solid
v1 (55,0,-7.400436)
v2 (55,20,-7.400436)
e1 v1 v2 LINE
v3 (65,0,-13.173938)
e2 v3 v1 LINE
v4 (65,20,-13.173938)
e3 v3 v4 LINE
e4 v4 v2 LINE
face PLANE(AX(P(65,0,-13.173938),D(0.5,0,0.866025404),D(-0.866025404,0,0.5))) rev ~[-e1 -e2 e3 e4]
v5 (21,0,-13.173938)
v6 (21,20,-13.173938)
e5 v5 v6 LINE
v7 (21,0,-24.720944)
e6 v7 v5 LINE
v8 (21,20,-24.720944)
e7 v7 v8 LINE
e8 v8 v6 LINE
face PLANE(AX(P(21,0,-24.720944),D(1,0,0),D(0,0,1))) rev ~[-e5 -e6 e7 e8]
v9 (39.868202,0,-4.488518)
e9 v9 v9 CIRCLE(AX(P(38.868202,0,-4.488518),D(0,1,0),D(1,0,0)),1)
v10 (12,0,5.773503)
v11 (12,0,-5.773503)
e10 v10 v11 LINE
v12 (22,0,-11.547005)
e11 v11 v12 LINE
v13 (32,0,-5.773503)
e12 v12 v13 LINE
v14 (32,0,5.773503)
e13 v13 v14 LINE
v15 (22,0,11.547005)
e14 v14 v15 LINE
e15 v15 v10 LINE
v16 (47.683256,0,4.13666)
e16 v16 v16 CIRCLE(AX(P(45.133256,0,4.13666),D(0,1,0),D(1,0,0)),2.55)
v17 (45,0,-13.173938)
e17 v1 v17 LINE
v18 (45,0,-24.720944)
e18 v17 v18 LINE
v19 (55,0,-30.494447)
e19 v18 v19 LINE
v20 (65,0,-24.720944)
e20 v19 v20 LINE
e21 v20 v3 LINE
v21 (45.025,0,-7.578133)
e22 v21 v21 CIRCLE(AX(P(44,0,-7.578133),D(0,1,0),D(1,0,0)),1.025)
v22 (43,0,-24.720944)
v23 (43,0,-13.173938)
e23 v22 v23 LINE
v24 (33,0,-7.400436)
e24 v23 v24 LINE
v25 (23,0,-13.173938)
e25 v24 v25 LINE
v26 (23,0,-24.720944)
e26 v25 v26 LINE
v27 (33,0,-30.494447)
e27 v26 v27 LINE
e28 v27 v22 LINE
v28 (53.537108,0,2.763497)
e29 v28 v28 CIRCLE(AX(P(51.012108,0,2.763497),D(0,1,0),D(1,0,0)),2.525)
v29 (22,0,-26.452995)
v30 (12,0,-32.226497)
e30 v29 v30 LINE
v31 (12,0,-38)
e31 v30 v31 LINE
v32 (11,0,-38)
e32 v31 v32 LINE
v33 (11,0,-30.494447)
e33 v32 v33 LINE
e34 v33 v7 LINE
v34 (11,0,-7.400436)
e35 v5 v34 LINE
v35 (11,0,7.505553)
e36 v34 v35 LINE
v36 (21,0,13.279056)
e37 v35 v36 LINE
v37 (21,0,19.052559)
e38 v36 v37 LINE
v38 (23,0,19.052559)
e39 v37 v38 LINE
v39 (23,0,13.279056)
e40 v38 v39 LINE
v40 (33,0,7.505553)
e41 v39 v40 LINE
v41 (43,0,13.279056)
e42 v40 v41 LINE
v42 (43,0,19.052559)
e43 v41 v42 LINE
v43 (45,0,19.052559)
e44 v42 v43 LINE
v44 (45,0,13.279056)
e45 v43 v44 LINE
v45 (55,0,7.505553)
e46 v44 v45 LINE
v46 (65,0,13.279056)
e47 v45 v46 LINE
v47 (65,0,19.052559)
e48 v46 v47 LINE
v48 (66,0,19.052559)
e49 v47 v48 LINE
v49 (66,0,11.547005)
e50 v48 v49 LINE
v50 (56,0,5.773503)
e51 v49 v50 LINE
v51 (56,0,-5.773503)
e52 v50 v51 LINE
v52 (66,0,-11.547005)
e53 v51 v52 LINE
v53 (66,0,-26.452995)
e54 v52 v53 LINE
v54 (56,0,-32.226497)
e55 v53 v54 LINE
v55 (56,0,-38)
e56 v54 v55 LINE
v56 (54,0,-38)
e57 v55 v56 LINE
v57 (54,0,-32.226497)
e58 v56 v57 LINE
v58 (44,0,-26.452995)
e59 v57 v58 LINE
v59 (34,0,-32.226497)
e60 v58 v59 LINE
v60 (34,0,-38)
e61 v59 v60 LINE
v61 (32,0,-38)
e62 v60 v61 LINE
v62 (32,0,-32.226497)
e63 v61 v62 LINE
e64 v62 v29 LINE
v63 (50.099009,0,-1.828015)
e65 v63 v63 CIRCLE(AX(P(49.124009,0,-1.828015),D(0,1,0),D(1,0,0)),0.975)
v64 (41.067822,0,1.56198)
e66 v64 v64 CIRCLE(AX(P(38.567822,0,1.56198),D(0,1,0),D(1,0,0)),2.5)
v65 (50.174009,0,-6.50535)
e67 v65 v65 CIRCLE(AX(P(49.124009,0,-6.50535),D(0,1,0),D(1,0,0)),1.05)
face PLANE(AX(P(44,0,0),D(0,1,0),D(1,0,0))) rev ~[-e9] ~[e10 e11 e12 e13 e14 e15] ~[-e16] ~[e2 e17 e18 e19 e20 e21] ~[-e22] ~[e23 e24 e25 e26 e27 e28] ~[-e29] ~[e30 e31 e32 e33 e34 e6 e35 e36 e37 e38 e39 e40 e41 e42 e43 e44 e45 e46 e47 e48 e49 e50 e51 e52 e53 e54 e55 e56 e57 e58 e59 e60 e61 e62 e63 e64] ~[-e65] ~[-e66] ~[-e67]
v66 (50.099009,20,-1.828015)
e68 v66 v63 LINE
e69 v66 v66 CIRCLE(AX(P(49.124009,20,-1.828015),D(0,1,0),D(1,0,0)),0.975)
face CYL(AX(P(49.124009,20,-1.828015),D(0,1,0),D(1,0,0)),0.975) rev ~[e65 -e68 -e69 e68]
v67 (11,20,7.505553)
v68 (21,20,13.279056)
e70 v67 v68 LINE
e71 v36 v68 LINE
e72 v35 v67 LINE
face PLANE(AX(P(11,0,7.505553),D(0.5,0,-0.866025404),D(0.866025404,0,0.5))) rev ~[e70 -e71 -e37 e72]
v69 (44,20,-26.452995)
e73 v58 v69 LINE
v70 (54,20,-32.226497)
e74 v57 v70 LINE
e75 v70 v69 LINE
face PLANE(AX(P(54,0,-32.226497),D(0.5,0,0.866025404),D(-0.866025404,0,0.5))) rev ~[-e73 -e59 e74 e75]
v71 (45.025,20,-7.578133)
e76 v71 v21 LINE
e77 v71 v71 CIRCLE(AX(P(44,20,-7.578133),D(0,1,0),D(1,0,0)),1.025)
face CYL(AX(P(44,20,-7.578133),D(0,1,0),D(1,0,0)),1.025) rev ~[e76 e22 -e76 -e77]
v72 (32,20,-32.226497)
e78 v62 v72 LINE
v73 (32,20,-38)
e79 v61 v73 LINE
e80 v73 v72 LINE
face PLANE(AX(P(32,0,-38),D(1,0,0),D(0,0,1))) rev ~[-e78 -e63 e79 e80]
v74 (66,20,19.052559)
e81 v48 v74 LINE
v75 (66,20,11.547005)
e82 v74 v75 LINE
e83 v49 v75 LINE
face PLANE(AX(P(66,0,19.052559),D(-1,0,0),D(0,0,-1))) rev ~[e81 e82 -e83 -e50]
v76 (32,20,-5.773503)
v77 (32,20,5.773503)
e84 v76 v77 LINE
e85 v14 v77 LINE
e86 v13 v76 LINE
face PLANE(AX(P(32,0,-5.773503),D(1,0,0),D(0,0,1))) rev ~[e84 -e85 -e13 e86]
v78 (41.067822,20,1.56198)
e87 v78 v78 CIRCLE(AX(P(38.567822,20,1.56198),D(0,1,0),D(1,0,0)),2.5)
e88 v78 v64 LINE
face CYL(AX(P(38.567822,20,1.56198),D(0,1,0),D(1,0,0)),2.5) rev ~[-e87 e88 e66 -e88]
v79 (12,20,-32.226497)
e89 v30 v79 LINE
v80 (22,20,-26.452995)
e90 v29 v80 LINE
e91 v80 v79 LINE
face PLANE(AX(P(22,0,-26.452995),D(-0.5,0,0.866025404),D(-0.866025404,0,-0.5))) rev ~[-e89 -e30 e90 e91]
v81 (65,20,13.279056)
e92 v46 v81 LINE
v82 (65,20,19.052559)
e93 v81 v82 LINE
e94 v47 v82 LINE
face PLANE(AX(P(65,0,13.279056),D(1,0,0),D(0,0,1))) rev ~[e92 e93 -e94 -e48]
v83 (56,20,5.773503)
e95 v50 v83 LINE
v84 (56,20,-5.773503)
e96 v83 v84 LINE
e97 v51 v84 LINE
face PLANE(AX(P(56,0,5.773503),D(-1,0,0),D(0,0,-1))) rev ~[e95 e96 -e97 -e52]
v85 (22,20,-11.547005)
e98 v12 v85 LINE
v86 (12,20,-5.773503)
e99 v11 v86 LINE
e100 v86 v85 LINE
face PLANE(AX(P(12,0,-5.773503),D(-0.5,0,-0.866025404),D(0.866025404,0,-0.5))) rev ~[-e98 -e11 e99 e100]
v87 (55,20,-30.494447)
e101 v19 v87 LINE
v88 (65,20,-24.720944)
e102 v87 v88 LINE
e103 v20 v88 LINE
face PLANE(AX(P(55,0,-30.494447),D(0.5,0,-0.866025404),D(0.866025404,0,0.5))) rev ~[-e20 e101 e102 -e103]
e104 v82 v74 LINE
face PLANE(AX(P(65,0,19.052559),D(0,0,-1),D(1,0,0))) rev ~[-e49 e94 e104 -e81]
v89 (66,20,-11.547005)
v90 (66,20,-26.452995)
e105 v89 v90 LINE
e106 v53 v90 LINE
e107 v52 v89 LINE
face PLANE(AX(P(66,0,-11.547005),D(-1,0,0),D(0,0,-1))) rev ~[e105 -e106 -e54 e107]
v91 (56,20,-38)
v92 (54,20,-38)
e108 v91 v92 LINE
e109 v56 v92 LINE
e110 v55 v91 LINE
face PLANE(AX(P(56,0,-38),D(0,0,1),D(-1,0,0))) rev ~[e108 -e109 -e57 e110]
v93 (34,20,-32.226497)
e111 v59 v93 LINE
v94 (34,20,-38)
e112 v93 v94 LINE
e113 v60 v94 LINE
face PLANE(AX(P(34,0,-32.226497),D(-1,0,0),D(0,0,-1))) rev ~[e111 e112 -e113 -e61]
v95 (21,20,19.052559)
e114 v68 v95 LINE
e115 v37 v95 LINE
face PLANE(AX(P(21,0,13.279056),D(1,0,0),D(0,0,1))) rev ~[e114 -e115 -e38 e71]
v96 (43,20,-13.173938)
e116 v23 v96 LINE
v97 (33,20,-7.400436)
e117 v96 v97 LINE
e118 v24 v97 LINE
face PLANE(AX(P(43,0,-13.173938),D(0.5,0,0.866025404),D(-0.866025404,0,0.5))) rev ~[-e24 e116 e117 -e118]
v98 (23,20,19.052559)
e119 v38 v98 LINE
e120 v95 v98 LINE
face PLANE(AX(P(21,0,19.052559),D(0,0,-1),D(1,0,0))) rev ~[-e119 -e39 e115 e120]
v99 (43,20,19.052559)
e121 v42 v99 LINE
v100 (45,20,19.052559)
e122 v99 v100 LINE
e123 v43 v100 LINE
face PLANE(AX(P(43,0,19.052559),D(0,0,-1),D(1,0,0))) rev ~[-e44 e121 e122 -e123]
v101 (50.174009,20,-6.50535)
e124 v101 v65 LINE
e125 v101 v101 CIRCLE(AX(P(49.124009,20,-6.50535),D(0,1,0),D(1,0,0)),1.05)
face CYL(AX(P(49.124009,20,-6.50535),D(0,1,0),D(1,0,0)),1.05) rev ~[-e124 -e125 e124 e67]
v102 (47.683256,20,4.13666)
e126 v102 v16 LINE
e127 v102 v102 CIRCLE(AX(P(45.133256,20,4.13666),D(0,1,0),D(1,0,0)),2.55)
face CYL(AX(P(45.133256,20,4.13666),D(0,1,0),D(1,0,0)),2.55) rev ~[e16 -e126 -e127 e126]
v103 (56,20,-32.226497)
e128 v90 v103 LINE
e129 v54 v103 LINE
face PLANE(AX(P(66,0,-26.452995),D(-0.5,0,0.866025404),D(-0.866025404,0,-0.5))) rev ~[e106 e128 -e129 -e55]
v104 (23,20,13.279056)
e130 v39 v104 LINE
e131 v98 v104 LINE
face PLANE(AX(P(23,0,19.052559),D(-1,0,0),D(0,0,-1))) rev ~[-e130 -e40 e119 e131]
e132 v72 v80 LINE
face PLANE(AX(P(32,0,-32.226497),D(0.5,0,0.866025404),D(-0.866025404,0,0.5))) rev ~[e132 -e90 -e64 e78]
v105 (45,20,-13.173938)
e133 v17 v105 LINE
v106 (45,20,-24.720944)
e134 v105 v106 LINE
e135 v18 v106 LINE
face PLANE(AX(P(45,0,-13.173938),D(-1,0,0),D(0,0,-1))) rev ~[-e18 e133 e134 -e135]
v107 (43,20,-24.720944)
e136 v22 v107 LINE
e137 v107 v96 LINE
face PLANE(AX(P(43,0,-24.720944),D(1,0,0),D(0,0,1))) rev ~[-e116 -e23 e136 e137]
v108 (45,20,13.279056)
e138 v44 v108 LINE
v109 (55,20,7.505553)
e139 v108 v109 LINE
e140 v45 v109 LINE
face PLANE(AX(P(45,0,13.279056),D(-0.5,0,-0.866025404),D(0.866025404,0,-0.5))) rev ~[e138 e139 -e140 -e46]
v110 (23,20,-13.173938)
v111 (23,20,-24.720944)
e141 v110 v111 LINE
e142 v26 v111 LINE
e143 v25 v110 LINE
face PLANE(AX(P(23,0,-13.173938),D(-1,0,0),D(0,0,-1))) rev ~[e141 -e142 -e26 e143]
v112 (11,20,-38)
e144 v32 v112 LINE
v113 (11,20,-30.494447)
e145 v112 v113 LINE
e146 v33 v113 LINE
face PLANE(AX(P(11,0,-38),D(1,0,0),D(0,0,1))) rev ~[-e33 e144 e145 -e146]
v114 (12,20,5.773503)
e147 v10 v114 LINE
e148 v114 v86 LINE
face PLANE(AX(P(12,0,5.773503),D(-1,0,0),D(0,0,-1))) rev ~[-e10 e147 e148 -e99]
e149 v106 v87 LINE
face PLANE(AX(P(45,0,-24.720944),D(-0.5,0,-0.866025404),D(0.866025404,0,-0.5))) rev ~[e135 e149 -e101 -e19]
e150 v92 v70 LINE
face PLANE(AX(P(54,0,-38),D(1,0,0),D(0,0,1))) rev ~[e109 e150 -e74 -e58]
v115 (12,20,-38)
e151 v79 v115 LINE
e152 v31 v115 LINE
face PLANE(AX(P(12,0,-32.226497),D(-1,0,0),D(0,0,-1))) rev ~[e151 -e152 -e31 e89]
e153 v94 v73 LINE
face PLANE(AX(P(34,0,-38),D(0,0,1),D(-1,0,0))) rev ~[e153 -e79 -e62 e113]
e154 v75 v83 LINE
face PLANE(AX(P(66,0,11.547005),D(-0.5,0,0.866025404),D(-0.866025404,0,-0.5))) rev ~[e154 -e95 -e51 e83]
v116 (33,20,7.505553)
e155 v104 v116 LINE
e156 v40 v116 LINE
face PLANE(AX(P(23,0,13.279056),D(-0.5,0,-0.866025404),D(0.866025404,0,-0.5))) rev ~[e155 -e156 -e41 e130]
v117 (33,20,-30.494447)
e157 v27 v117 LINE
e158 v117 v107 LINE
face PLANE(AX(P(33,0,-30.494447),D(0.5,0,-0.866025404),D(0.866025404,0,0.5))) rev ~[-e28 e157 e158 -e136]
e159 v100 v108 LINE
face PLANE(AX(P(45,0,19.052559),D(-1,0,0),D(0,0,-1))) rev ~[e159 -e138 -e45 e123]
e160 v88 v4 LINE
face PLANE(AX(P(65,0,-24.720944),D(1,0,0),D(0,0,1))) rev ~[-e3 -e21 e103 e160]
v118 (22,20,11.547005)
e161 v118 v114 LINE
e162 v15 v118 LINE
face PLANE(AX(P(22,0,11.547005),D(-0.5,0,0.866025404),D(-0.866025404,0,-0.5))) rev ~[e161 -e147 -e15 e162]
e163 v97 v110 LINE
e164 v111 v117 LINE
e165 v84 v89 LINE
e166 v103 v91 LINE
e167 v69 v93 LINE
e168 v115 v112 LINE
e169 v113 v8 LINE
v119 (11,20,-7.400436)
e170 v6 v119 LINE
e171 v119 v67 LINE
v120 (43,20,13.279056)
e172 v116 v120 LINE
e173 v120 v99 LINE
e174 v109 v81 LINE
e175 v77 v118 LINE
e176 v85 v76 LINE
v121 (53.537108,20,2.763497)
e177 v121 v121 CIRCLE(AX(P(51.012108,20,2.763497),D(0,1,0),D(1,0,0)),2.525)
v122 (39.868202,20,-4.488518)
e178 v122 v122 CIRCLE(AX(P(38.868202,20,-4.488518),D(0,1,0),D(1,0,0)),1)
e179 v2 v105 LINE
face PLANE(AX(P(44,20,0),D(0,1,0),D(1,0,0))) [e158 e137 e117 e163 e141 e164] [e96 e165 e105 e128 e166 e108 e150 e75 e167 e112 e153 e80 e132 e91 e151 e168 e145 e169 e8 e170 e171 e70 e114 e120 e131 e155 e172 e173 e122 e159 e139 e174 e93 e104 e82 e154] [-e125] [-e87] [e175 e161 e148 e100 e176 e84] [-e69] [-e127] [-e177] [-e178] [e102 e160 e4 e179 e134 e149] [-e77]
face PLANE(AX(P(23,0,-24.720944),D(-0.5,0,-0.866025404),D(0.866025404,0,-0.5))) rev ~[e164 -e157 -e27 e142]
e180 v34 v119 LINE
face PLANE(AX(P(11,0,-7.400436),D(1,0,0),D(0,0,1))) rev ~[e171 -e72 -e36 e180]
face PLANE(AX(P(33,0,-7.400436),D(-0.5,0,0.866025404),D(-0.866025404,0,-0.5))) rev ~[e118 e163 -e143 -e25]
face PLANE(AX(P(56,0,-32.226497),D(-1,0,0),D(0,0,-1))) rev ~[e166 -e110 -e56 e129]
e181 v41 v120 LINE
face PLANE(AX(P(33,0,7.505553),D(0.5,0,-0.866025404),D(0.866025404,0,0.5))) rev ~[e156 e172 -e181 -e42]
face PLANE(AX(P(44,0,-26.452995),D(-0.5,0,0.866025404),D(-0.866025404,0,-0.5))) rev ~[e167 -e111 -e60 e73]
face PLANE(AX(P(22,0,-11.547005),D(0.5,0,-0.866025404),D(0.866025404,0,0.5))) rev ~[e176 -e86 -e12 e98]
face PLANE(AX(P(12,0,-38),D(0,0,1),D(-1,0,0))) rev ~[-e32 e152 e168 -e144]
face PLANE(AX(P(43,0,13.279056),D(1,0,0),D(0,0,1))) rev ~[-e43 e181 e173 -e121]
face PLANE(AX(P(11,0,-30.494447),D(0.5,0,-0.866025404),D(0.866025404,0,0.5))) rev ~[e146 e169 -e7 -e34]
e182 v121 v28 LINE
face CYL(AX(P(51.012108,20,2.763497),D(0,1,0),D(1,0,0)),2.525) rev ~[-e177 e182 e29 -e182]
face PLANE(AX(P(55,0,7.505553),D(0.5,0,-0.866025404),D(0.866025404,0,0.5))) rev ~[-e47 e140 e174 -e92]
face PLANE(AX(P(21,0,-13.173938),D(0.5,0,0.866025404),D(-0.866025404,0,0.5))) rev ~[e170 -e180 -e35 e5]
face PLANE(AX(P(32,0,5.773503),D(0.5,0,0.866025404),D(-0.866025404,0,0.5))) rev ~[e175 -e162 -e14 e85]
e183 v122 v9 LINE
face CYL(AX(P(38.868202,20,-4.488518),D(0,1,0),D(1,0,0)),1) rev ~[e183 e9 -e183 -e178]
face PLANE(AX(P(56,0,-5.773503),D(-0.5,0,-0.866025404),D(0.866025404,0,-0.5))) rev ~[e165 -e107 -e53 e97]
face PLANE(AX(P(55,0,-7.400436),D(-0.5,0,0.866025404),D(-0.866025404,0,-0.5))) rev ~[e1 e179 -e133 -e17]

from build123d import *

# Parameters (mm, degrees)
BOSS_EXTRUDE2_DEPTH = 20
SKETCH2_R           = 1.025
SKETCH2_R_2         = 1.05
SKETCH2_R_3         = 0.975
SKETCH2_R_4         = 1
SKETCH2_R_5         = 2.5
SKETCH2_R_6         = 2.55
SKETCH2_R_7         = 2.525
BOSS_EXTRUDE3_DEPTH = 20


with BuildPart() as part:
    # Sketch1 → Boss-Extrude2 (new body)
    with BuildSketch(Plane(origin=(0, 0, 0), x_dir=(1, 0, 0), z_dir=(0, 1, 0))):
        Polygon((21, -13.279056191), (21, -19.052558883), (23, -19.052558883), (23, -13.279056191), (33, -7.505553499), (43, -13.279056191), (43, -19.052558883), (45, -19.052558883), (45, -13.279056191), (55, -7.505553499), (65, -13.279056191), (65, -19.052558883), (66, -19.052558883), (66, -11.547005384), (56, -5.773502692), (56, 5.773502692), (66, 11.547005384), (66, 26.452994616), (56, 32.226497308), (56, 38), (54, 38), (54, 32.226497308), (44, 26.452994616), (34, 32.226497308), (34, 38), (32, 38), (32, 32.226497308), (22, 26.452994616), (12, 32.226497308), (12, 38), (11, 38), (11, 30.494446501), (21, 24.720943809), (21, 13.173938425), (11, 7.400435733), (11, -7.505553499), align=None)
        Polygon((12, 5.773502692), (22, 11.547005384), (32, 5.773502692), (32, -5.773502692), (22, -11.547005384), (12, -5.773502692), align=None, mode=Mode.SUBTRACT)
        Polygon((34, 5.773502692), (44, 11.547005384), (54, 5.773502692), (54, -5.773502692), (44, -11.547005384), (34, -5.773502692), align=None, mode=Mode.SUBTRACT)
        Polygon((43, 13.173938425), (33, 7.400435733), (23, 13.173938425), (23, 24.720943809), (33, 30.494446501), (43, 24.720943809), align=None, mode=Mode.SUBTRACT)
        Polygon((65, 13.173938425), (55, 7.400435733), (45, 13.173938425), (45, 24.720943809), (55, 30.494446501), (65, 24.720943809), align=None, mode=Mode.SUBTRACT)
    extrude(amount=BOSS_EXTRUDE2_DEPTH)

    # Sketch2 → Boss-Extrude3 (add, through all)
    with BuildSketch(Plane(origin=(0, 20, 0), x_dir=(1, 0, 0), z_dir=(0, 1, 0))):
        Polygon((44, 11.547005384), (34, 5.773502692), (34, -5.773502692), (44, -11.547005384), (54, -5.773502692), (54, 5.773502692), align=None)
        with Locations((44, 7.57813322)):
            Circle(SKETCH2_R, mode=Mode.SUBTRACT)
        with Locations((49.12400919, 6.50535)):
            Circle(SKETCH2_R_2, mode=Mode.SUBTRACT)
        with Locations((49.12400919, 1.82801516)):
            Circle(SKETCH2_R_3, mode=Mode.SUBTRACT)
        with Locations((38.868201604, 4.488517546)):
            Circle(SKETCH2_R_4, mode=Mode.SUBTRACT)
        with Locations((38.567822302, -1.561979816)):
            Circle(SKETCH2_R_5, mode=Mode.SUBTRACT)
        with Locations((45.13325561, -4.136659545)):
            Circle(SKETCH2_R_6, mode=Mode.SUBTRACT)
        with Locations((51.012107657, -2.763497023)):
            Circle(SKETCH2_R_7, mode=Mode.SUBTRACT)
    extrude(amount=-BOSS_EXTRUDE3_DEPTH)


solid = part.part
